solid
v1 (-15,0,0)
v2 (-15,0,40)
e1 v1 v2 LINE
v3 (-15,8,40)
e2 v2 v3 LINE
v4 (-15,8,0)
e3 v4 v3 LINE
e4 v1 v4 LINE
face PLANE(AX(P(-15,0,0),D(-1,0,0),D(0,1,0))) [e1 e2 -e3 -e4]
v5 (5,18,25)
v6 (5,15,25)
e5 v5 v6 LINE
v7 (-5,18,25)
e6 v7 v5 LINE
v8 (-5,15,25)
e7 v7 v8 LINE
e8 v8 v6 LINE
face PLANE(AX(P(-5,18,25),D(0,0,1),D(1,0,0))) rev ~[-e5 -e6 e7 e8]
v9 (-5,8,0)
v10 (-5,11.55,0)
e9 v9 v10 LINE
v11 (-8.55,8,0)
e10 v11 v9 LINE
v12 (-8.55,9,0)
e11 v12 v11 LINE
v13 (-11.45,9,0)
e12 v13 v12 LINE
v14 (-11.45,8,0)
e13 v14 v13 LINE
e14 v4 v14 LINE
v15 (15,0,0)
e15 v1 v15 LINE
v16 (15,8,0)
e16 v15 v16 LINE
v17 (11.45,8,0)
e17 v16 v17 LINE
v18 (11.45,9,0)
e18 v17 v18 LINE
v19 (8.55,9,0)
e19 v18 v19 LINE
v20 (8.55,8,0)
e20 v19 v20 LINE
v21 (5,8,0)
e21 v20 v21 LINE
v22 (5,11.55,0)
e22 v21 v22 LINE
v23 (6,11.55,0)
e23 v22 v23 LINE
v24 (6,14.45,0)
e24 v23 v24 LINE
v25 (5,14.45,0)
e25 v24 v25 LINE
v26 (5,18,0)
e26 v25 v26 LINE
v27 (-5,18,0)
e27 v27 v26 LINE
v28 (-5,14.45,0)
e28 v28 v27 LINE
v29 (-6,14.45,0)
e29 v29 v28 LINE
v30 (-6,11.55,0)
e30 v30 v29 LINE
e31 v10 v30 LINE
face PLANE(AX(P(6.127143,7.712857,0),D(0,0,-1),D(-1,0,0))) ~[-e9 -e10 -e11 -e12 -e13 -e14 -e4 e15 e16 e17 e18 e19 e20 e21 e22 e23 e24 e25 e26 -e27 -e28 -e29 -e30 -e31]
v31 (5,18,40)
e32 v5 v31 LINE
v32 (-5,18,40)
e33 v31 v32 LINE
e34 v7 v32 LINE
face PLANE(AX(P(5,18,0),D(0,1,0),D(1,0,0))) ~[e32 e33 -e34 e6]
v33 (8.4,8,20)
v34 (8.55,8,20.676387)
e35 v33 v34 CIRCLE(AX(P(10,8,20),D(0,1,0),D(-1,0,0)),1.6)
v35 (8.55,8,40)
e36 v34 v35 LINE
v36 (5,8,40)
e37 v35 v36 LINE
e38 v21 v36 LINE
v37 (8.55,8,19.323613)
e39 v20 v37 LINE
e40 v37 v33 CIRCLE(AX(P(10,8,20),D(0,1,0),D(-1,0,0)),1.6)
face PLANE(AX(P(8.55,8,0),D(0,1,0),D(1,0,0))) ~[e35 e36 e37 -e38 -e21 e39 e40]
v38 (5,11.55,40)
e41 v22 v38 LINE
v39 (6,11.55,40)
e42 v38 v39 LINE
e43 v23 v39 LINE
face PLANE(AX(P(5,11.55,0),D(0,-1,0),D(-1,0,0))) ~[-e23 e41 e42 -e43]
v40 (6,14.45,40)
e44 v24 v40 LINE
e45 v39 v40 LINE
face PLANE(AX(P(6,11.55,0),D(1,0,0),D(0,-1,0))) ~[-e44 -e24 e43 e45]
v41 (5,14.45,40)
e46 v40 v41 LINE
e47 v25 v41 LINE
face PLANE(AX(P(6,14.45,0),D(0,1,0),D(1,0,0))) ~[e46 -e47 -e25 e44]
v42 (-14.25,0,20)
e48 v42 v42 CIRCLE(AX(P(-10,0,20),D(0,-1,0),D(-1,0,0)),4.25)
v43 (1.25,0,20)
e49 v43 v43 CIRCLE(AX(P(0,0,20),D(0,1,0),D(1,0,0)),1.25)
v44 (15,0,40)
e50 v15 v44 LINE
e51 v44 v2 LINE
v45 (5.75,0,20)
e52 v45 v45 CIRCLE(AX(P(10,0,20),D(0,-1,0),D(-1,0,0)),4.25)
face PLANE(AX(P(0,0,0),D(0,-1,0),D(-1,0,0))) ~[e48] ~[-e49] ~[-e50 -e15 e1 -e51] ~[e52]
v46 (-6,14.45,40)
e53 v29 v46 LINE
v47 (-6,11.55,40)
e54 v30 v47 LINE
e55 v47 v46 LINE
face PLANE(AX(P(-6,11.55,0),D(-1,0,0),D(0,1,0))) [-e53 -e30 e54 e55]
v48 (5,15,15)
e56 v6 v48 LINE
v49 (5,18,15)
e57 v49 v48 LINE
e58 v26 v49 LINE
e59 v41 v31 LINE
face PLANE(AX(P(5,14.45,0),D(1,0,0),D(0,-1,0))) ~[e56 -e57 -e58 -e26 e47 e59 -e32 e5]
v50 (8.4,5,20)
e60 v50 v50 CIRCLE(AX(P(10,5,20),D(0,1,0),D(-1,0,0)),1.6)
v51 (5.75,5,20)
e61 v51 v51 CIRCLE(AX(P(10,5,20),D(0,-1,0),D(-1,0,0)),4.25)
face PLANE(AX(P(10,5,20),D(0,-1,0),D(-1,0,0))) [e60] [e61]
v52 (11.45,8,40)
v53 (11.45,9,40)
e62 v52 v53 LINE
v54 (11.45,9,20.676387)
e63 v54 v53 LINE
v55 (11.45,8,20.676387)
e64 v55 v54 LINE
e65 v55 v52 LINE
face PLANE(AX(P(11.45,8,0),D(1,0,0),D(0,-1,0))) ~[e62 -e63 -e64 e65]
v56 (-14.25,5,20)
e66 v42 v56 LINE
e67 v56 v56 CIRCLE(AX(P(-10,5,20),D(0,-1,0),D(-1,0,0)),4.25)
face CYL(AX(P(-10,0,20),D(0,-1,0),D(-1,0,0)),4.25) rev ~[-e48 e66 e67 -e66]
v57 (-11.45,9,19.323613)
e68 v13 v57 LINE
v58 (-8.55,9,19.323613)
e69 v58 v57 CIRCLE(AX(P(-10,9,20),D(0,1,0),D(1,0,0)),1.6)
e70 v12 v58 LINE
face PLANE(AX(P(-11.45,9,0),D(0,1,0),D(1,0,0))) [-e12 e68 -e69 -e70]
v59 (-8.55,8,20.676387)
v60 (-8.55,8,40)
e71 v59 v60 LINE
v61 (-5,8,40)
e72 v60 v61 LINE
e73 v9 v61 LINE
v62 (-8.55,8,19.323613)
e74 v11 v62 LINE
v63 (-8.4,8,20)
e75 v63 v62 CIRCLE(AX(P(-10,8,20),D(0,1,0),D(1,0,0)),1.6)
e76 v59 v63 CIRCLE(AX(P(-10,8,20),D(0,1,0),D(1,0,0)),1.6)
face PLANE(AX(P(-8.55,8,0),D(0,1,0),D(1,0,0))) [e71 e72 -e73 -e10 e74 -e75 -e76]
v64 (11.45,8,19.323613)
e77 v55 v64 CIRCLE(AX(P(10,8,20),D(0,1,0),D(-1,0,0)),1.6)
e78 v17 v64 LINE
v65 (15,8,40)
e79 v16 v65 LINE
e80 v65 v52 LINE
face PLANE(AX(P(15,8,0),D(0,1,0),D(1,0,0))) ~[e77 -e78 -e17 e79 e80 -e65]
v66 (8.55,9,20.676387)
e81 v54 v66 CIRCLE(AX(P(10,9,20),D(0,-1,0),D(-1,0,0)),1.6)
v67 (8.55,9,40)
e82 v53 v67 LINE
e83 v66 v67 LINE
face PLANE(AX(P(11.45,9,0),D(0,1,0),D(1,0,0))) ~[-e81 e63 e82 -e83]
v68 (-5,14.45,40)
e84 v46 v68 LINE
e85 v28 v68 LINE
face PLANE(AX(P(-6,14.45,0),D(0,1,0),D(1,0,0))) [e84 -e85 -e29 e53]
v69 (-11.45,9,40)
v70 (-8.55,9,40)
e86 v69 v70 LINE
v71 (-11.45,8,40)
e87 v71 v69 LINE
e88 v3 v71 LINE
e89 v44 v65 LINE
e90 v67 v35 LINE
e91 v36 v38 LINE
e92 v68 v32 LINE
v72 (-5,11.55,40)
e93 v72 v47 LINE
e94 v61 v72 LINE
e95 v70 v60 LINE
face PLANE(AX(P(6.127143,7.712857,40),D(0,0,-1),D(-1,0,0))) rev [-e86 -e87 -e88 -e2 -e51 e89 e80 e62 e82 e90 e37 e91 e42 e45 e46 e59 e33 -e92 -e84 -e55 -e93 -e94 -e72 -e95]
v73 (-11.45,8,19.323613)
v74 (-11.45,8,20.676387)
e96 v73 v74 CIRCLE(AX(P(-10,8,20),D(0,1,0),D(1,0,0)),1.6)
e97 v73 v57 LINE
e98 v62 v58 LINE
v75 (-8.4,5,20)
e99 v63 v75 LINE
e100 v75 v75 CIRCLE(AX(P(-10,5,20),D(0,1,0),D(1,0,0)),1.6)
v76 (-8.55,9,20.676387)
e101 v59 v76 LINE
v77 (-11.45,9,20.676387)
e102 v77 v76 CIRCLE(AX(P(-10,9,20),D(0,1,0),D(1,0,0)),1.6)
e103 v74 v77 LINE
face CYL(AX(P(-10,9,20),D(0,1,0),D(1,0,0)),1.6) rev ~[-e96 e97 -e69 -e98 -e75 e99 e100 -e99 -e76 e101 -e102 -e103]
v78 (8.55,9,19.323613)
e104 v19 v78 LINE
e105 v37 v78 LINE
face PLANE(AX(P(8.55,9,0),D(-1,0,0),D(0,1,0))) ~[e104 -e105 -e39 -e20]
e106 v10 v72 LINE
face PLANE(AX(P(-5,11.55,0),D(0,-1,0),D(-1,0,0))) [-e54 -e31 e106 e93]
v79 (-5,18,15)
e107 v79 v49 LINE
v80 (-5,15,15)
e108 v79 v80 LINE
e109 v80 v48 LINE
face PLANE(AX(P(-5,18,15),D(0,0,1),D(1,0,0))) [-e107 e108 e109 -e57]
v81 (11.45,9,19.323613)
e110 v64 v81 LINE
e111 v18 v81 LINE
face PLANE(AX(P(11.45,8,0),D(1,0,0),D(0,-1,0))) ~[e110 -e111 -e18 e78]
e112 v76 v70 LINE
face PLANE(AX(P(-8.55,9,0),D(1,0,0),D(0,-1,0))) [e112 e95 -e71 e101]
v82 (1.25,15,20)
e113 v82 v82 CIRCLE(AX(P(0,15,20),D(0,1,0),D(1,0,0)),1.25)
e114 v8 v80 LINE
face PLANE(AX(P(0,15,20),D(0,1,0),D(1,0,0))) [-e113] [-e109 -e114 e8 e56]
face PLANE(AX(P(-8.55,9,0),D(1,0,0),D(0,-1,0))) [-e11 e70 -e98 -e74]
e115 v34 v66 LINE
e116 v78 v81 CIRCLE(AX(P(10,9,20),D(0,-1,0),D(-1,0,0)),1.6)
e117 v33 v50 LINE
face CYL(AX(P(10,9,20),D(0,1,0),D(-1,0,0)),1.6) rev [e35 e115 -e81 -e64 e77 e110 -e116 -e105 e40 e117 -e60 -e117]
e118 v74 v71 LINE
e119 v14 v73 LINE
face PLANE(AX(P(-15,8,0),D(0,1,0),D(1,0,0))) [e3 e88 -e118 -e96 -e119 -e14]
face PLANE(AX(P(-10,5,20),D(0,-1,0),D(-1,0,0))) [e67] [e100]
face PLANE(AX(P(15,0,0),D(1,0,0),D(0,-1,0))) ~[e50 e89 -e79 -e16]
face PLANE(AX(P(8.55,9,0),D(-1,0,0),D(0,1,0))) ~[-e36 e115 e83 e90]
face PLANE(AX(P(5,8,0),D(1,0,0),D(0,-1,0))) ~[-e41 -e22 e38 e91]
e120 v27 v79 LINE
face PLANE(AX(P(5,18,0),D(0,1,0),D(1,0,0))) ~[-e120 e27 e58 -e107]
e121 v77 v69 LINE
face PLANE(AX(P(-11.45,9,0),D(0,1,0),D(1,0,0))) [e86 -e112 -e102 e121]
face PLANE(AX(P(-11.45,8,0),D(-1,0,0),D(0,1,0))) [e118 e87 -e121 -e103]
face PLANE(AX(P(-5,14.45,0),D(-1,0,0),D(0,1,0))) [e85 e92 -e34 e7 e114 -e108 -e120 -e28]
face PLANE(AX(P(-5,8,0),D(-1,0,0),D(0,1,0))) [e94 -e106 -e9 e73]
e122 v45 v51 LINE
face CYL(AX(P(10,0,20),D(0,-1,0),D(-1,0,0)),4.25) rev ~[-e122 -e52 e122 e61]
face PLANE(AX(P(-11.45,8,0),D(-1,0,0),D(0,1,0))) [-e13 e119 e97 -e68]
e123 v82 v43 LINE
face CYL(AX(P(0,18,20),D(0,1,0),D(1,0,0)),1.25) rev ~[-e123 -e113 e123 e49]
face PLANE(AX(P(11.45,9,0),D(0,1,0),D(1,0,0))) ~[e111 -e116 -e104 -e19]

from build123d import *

# Parameters (mm, degrees)
MAIN_DEPTH         = 40
ESQUISSE2_R        = 1.6
TOPHOLE_DEPTH      = 10
ESQUISSE3_R        = 1.25
CENTRALHOLE_DEPTH  = 19
SKETCH1_R          = 4.25
CUT_EXTRUDE1_DEPTH = 5
SKETCH2_W          = 10
SKETCH2_H          = 10
CUT_EXTRUDE2_DEPTH = 3


with BuildPart() as part:
    # Esquisse1 → Main (new body)
    with BuildSketch(Plane.XY):
        Polygon((-15, 0), (-15, 8), (-11.45, 8), (-11.45, 9), (-8.55, 9), (-8.55, 8), (-5, 8), (-5, 11.55), (-6, 11.55), (-6, 14.45), (-5, 14.45), (-5, 18), (0, 18), (0, 0), align=None)
    main = extrude(amount=MAIN_DEPTH)

    # Esquisse2 → TopHole (cut, through all)
    with BuildSketch(Plane(origin=(0, 9, 0), x_dir=(1, 0, 0), z_dir=(0, 1, 0))):
        with Locations((-10, -20)):
            Circle(ESQUISSE2_R)
    tophole = extrude(amount=-TOPHOLE_DEPTH, mode=Mode.SUBTRACT)

    # Symétrie1: Main, TopHole across plane
    add(main.mirror(Plane(origin=(0, 0, 0), x_dir=(0, 0, 1), z_dir=(1, 0, 0))))
    add(tophole.mirror(Plane(origin=(0, 0, 0), x_dir=(0, 0, 1), z_dir=(1, 0, 0))), mode=Mode.SUBTRACT)

    # Esquisse3 → CentralHole (cut, through all)
    with BuildSketch(Plane(origin=(0, 18, 0), x_dir=(1, 0, 0), z_dir=(0, 1, 0))):
        with Locations((0, -20)):
            Circle(ESQUISSE3_R)
    extrude(amount=-CENTRALHOLE_DEPTH, mode=Mode.SUBTRACT)

    # Sketch1 → Cut-Extrude1 (cut)
    with BuildSketch(Plane(origin=(0, 0, 0), x_dir=(-1, 0, 0), z_dir=(0, -1, 0))):
        with Locations((10, -20)):
            Circle(SKETCH1_R)
        with Locations((-10, -20)):
            Circle(SKETCH1_R)
    extrude(amount=-CUT_EXTRUDE1_DEPTH, mode=Mode.SUBTRACT)

    # Sketch2 → Cut-Extrude2 (cut)
    with BuildSketch(Plane(origin=(0, 18, 0), x_dir=(1, 0, 0), z_dir=(0, 1, 0))):
        with Locations((0, -20)):
            Rectangle(SKETCH2_W, SKETCH2_H)
    extrude(amount=-CUT_EXTRUDE2_DEPTH, mode=Mode.SUBTRACT)


solid = part.part
